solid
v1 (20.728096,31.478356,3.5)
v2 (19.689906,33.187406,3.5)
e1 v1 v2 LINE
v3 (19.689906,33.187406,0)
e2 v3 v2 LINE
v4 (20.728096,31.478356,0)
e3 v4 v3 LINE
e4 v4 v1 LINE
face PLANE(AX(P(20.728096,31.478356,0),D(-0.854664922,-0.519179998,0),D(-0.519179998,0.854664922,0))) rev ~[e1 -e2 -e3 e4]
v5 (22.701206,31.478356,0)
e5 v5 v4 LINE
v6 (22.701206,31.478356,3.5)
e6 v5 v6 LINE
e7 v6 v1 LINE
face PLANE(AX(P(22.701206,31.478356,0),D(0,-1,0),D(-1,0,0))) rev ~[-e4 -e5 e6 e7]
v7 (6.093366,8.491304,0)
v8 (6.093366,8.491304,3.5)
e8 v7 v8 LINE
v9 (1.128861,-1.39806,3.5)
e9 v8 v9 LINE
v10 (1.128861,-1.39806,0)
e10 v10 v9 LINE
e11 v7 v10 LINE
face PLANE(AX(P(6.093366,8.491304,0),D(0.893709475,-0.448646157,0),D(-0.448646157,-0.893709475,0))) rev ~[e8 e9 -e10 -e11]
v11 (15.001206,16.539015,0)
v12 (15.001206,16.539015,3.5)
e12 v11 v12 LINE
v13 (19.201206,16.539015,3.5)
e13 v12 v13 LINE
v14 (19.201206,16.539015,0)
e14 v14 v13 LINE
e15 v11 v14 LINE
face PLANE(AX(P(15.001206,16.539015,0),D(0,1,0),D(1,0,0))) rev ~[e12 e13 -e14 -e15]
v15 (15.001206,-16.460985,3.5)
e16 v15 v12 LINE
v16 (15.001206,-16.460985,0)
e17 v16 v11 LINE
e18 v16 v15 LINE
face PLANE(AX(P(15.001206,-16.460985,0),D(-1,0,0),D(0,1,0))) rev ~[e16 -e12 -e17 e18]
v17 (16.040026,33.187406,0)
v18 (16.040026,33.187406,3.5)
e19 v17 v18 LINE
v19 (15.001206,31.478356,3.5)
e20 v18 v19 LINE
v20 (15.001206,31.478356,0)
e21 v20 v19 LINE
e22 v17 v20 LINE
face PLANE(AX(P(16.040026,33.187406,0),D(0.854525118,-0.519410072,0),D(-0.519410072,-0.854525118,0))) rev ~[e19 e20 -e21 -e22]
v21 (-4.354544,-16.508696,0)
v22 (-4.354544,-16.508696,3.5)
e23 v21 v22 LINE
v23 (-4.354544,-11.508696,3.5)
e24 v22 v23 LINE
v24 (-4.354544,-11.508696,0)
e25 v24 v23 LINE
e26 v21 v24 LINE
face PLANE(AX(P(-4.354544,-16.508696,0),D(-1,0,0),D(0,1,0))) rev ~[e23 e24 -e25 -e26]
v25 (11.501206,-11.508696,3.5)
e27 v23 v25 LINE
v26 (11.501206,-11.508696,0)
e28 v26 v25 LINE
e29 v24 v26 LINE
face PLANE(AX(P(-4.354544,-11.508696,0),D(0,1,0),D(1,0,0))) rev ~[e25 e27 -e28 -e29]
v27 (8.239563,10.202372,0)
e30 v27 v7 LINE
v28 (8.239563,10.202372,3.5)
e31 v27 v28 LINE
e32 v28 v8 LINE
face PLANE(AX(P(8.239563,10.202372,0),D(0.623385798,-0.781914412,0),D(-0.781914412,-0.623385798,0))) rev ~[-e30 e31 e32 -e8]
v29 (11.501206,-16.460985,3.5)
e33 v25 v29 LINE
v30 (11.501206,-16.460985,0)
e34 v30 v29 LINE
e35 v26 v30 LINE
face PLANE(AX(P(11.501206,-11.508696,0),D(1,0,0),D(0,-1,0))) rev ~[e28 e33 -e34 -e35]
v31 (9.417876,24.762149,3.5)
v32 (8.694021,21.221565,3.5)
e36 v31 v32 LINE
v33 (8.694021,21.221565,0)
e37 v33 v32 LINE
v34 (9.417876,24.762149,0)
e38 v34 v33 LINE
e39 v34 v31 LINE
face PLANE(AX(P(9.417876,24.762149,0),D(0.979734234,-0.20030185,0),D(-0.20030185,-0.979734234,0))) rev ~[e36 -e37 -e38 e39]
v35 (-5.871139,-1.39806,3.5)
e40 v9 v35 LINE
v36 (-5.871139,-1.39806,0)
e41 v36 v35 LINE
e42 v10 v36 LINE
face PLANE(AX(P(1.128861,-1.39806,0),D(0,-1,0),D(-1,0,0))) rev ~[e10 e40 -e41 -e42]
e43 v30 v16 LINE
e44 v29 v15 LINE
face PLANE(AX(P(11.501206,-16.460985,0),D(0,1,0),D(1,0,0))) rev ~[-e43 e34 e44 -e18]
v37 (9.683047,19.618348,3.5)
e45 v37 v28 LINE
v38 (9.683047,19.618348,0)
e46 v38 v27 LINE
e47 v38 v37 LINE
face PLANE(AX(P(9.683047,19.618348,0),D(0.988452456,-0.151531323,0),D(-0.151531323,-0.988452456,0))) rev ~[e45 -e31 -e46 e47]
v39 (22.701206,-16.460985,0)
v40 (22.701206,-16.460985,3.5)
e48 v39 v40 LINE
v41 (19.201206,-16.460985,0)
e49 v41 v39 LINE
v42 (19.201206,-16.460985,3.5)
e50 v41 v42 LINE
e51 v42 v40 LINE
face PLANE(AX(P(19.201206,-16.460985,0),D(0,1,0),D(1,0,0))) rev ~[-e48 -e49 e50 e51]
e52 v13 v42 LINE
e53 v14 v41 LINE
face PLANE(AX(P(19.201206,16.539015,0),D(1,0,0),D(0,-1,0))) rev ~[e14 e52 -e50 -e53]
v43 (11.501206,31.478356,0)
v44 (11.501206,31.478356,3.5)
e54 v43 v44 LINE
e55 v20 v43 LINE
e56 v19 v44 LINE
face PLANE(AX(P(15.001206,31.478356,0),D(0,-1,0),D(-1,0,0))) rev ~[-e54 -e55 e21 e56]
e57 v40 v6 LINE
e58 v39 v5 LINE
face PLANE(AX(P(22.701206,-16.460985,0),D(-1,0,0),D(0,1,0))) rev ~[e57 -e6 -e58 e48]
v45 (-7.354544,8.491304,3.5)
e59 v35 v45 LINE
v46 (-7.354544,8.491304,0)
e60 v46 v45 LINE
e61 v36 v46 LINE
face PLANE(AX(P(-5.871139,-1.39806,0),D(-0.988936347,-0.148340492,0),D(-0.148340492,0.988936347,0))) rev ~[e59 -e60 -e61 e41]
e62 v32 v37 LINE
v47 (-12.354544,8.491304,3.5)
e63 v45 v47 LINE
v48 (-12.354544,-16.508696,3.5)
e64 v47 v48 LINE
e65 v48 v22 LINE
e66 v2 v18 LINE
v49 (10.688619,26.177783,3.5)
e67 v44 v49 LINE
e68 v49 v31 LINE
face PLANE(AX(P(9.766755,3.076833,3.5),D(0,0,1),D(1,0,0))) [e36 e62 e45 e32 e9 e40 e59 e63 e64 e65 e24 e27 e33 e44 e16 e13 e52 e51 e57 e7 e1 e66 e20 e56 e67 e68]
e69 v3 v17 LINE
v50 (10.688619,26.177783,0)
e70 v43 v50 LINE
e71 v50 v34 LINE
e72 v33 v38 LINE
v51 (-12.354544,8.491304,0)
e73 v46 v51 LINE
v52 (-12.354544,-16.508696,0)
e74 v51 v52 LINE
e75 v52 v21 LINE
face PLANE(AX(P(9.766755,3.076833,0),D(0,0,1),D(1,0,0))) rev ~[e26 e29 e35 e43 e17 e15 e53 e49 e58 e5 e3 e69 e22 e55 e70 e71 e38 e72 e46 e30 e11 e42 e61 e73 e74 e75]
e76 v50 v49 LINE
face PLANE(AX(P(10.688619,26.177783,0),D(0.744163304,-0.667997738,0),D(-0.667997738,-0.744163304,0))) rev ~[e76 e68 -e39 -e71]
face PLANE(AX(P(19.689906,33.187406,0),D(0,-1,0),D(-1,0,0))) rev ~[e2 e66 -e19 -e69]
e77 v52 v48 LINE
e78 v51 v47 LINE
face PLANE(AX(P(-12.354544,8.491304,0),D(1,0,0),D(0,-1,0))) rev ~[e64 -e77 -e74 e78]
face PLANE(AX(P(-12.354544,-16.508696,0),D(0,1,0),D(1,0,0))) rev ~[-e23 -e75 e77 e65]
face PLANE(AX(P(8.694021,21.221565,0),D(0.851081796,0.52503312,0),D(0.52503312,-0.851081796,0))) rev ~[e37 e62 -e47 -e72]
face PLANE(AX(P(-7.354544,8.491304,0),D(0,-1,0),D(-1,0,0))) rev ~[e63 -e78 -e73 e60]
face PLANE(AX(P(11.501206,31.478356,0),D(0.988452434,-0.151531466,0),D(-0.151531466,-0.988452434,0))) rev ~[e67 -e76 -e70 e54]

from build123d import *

# Parameters (mm, degrees)
F1_DEPTH = 3.5


with BuildPart() as f1:
    # F0 (on Top) → F1 (new body)
    with BuildSketch(Plane.XY):
        Polygon((-12.354544, 8.491304), (-12.354544, -16.508696), (-4.354544, -16.508696), (-4.354544, -11.508696), (11.501206, -11.508696), (11.501206, -16.460985), (15.001206, -16.460985), (15.001206, 16.539015), (19.201206, 16.539015), (19.201206, -16.460985), (22.701206, -16.460985), (22.701206, 31.478356), (20.728096, 31.478356), (19.689906, 33.187406), (16.040026, 33.187406), (15.001206, 31.478356), (11.501206, 31.478356), (10.688619, 26.177783), (9.417876, 24.762149), (8.694021, 21.221565), (9.683047, 19.618348), (8.239563, 10.202372), (6.093366, 8.491304), (1.128861, -1.39806), (-5.871139, -1.39806), (-7.354544, 8.491304), align=None)
    extrude(amount=F1_DEPTH)


solid = f1.part
